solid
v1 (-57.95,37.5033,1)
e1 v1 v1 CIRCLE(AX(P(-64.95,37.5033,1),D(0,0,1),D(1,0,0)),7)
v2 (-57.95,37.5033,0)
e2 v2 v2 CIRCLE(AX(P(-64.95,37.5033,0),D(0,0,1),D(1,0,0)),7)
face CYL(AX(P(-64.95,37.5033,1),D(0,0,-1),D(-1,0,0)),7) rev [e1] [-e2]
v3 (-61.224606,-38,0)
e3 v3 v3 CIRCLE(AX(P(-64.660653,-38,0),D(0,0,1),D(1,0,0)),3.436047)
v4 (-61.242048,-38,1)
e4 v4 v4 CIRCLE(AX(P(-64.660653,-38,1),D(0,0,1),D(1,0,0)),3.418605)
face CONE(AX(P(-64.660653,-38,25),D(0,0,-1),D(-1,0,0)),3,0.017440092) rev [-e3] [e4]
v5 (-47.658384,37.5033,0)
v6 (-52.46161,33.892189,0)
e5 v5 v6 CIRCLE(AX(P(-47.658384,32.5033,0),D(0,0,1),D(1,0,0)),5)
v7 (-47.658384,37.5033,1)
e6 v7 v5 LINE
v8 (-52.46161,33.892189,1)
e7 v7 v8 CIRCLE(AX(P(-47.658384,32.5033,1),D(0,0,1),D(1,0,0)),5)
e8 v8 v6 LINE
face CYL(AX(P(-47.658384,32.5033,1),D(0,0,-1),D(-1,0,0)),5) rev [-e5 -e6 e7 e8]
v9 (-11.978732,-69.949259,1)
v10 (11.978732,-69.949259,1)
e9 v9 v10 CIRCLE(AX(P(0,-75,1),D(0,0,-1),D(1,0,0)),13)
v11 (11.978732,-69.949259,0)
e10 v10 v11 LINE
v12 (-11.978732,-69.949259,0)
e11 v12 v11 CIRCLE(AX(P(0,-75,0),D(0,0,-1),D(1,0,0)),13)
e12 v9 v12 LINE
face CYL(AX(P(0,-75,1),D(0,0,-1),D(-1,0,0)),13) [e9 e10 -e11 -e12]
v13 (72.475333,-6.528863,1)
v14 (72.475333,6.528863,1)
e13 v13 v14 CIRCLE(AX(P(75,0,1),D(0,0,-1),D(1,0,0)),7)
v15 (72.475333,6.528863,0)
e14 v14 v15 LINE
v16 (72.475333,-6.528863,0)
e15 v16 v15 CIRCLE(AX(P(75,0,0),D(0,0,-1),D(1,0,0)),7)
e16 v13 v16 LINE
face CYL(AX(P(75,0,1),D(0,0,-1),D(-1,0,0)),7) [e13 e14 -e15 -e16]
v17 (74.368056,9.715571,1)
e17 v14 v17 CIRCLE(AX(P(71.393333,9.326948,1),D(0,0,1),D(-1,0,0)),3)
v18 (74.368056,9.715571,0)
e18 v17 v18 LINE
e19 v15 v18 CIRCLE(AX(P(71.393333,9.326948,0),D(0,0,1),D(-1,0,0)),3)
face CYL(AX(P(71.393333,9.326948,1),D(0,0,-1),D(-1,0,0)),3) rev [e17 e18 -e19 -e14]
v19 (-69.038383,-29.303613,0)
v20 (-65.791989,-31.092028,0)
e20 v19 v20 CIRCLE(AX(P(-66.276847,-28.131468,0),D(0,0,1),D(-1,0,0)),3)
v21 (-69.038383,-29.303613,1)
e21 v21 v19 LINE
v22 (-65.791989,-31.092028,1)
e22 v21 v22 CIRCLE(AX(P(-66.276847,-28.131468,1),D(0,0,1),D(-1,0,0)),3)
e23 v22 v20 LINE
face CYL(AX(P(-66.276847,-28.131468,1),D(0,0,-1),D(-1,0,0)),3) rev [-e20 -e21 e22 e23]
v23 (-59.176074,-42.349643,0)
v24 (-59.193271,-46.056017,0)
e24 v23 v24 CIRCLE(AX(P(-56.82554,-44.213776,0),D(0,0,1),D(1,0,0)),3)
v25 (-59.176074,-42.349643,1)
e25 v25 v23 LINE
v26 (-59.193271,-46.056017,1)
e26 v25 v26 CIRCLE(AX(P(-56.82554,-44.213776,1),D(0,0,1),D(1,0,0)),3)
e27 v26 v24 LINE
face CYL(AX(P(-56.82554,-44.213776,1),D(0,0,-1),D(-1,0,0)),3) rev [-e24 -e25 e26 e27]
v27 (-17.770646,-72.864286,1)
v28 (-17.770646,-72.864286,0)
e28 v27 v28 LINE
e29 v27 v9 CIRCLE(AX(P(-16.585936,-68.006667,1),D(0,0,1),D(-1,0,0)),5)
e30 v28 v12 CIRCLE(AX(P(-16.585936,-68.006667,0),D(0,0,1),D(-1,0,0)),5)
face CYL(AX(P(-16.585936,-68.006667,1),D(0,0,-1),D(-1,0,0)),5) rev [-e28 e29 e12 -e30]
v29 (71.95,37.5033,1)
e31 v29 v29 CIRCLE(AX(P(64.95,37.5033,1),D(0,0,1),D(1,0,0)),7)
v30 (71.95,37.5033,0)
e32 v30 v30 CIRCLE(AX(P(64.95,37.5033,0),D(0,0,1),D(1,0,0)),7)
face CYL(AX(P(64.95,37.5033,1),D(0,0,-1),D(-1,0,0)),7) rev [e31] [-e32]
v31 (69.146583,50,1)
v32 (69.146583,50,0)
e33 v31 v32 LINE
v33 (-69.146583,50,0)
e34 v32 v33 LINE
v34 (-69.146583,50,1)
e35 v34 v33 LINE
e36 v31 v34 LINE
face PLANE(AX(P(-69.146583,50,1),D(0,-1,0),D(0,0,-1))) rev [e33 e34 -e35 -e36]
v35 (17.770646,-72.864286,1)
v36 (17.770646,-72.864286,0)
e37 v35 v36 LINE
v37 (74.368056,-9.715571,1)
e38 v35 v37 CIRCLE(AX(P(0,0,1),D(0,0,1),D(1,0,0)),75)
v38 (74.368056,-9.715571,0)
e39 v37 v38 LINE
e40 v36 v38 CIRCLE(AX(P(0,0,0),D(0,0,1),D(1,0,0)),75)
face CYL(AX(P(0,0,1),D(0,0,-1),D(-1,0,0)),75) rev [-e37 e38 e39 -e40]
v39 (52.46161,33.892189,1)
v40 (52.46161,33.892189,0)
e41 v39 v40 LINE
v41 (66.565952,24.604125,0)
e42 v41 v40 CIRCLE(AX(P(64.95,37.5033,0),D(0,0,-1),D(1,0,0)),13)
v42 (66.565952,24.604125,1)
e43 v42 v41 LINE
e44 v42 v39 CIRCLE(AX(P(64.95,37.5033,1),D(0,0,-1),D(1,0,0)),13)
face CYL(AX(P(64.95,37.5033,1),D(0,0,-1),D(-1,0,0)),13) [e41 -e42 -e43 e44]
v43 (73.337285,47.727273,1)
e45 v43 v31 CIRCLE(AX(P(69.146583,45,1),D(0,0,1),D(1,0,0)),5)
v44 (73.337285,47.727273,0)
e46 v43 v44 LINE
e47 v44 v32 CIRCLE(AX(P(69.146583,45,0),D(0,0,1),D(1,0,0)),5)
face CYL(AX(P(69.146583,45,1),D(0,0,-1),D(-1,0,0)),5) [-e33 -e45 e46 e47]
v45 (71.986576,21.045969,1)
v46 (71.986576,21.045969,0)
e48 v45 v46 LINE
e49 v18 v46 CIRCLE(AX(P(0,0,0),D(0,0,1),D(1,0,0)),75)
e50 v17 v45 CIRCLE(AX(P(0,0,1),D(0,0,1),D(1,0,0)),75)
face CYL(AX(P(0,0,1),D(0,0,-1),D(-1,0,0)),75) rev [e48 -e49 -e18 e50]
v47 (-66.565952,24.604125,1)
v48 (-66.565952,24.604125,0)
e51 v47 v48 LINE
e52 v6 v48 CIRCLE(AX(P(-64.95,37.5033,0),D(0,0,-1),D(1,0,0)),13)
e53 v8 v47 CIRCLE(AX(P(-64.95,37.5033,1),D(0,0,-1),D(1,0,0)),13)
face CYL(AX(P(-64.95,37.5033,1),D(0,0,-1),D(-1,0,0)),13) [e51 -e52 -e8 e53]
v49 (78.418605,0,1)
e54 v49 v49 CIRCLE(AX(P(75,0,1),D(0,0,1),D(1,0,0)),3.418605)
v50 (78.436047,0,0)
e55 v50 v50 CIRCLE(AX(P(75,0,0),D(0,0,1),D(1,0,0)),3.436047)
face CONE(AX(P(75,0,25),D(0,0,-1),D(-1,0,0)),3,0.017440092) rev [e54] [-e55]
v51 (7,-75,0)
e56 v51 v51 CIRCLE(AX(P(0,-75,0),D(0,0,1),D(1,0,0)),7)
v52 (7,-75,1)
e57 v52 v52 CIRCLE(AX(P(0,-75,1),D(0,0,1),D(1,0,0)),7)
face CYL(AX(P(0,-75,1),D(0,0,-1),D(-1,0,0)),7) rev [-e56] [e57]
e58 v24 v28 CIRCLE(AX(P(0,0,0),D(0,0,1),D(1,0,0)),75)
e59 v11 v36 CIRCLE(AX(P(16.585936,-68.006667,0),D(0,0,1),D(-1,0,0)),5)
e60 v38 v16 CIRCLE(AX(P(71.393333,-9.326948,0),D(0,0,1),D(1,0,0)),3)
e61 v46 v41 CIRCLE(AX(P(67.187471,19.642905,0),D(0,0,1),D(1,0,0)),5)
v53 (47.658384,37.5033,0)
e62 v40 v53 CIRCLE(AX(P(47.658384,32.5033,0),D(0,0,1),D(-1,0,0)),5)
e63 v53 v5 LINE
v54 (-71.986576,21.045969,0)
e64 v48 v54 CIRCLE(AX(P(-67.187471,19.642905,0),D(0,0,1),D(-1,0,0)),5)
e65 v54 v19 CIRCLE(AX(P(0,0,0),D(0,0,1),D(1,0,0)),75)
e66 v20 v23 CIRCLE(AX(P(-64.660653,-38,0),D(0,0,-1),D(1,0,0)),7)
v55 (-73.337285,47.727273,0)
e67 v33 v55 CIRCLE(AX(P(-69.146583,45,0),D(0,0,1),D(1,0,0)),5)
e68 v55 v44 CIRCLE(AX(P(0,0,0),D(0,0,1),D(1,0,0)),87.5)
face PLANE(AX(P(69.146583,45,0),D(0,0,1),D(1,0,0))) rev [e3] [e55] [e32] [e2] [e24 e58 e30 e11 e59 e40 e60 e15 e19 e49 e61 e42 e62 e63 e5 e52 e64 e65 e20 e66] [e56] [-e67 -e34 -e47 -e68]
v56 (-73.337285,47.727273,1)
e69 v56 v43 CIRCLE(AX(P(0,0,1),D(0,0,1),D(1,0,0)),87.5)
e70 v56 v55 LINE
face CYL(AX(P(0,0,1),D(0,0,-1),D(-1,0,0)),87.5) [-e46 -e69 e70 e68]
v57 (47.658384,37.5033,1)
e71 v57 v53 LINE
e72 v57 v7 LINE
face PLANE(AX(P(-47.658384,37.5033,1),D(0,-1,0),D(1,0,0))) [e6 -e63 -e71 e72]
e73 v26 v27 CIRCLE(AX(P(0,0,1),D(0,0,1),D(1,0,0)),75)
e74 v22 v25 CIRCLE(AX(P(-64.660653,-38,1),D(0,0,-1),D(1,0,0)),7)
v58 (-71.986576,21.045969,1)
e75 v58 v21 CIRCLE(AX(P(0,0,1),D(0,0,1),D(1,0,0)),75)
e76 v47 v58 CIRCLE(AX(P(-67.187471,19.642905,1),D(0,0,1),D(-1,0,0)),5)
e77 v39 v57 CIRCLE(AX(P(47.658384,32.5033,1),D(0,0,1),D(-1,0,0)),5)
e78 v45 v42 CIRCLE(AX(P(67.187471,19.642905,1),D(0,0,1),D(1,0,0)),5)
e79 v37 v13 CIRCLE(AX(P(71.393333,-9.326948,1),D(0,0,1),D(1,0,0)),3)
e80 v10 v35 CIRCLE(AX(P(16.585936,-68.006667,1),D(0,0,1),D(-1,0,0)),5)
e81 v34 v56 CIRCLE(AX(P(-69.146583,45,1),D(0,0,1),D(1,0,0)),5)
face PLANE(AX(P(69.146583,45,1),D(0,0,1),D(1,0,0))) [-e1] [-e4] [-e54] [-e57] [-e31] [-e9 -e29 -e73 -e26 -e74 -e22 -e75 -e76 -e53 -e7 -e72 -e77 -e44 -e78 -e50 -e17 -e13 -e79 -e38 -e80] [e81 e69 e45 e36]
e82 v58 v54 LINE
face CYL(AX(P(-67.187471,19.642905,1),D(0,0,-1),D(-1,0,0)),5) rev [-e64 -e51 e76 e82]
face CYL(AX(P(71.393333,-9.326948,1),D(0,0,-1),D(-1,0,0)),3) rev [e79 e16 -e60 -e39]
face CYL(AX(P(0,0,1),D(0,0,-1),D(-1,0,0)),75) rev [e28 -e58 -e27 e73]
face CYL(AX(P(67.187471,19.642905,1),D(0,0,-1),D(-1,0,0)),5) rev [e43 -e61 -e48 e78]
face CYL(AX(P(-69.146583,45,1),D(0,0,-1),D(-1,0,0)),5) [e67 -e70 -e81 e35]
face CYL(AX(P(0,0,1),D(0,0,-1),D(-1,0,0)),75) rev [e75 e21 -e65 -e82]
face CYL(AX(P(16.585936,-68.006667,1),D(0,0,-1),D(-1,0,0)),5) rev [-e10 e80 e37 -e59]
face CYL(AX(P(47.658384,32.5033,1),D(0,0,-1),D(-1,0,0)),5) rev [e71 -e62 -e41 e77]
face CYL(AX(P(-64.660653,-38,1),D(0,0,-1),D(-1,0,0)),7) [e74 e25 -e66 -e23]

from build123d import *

# Parameters (mm, degrees)
SKETCH_1_R      = 7
EXTRUDE_1_DEPTH = 1
SKETCH_2_R      = 3.75
SKETCH_3_R      = 3
SKETCH_2_4_R    = 3.75
SKETCH_3_4_R    = 3


with BuildPart() as part:
    # Эскиз1 → Бобышка-Вытянуть1 (new body)
    with BuildSketch(Plane.XY):
        with BuildLine():
            Line((-69.14658343, 50), (69.14658343, 50))
            ThreePointArc((69.14658343, 50), (71.530239903, 49.395245365), (73.337285456, 47.727272727))
            ThreePointArc((73.337285456, 47.727272727), (0, -87.5), (-73.337285456, 47.727272727))
            ThreePointArc((-73.337285456, 47.727272727), (-71.530239903, 49.395245365), (-69.14658343, 50))
        make_face()
        with Locations((-64.95, 37.503299855)):
            Circle(SKETCH_1_R, mode=Mode.SUBTRACT)
        with Locations((64.95, 37.503299855)):
            Circle(SKETCH_1_R, mode=Mode.SUBTRACT)
        with Locations((0, -75)):
            Circle(SKETCH_1_R, mode=Mode.SUBTRACT)
        with BuildLine():
            Line((-47.658383534, 37.503299855), (47.658383534, 37.503299855))
            ThreePointArc((47.658383534, 37.503299855), (50.663009597, 36.499826124), (52.46161033, 33.892188744))
            ThreePointArc((52.46161033, 33.892188744), (57.800209242, 26.646021554), (66.56595151, 24.604125435))
            ThreePointArc((66.56595151, 24.604125435), (69.931223097, 23.822835867), (71.986576416, 21.045969112))
            ThreePointArc((71.986576416, 21.045969112), (73.39628095, 15.426793015), (74.368055556, 9.715570641))
            ThreePointArc((74.368055556, 9.715570641), (73.972679073, 7.794963627), (72.475333333, 6.528863471))
            ThreePointArc((72.475333333, 6.528863471), (68, 0), (72.475333333, -6.528863471))
            ThreePointArc((72.475333333, -6.528863471), (73.972679073, -7.794963627), (74.368055556, -9.715570641))
            ThreePointArc((74.368055556, -9.715570641), (55.850918931, -50.056716378), (17.770646228, -72.864285714))
            ThreePointArc((17.770646228, -72.864285714), (14.338112526, -72.472905294), (11.978731902, -69.949259259))
            ThreePointArc((11.978731902, -69.949259259), (0, -62), (-11.978731902, -69.949259259))
            ThreePointArc((-11.978731902, -69.949259259), (-14.338112526, -72.472905294), (-17.770646228, -72.864285714))
            ThreePointArc((-17.770646228, -72.864285714), (-40.749625279, -62.964021787), (-59.19327098, -46.056016661))
            ThreePointArc((-59.19327098, -46.056016661), (-59.825507849, -44.199856536), (-59.176073891, -42.349643196))
            ThreePointArc((-59.176073891, -42.349643196), (-58.625658395, -34.453333333), (-65.791988875, -31.092027915))
            ThreePointArc((-65.791988875, -31.092027915), (-67.724404324, -30.759124925), (-69.038382563, -29.303612969))
            ThreePointArc((-69.038382563, -29.303612969), (-74.871756142, -4.384077128), (-71.986576416, 21.045969112))
            ThreePointArc((-71.986576416, 21.045969112), (-69.931223097, 23.822835867), (-66.56595151, 24.604125435))
            ThreePointArc((-66.56595151, 24.604125435), (-57.800209242, 26.646021554), (-52.46161033, 33.892188744))
            ThreePointArc((-52.46161033, 33.892188744), (-50.663009597, 36.499826124), (-47.658383534, 37.503299855))
        make_face(mode=Mode.SUBTRACT)
    extrude(amount=EXTRUDE_1_DEPTH)

    # Эскиз2 → Вырез-По сечениям1 section 0
    with BuildSketch(Plane(origin=(0, 0, -18), x_dir=(-1, 0, 0), z_dir=(0, 0, -1))):
        with Locations((64.660652641, -38)):
            Circle(SKETCH_2_R)
    # Эскиз3 → Вырез-По сечениям1 section 1
    with BuildSketch(Plane.XY.offset(25)):
        with Locations((-64.660652641, -38)):
            Circle(SKETCH_3_R)
    loft(mode=Mode.SUBTRACT)

    # Эскиз2<4> → Вырез-По сечениям2 section 0
    with BuildSketch(Plane(origin=(0, 0, -18), x_dir=(-1, 0, 0), z_dir=(0, 0, -1))):
        with Locations((-75, 0)):
            Circle(SKETCH_2_4_R)
    # Эскиз3<4> → Вырез-По сечениям2 section 1
    with BuildSketch(Plane.XY.offset(25)):
        with Locations((75, 0)):
            Circle(SKETCH_3_4_R)
    loft(mode=Mode.SUBTRACT)


solid = part.part
